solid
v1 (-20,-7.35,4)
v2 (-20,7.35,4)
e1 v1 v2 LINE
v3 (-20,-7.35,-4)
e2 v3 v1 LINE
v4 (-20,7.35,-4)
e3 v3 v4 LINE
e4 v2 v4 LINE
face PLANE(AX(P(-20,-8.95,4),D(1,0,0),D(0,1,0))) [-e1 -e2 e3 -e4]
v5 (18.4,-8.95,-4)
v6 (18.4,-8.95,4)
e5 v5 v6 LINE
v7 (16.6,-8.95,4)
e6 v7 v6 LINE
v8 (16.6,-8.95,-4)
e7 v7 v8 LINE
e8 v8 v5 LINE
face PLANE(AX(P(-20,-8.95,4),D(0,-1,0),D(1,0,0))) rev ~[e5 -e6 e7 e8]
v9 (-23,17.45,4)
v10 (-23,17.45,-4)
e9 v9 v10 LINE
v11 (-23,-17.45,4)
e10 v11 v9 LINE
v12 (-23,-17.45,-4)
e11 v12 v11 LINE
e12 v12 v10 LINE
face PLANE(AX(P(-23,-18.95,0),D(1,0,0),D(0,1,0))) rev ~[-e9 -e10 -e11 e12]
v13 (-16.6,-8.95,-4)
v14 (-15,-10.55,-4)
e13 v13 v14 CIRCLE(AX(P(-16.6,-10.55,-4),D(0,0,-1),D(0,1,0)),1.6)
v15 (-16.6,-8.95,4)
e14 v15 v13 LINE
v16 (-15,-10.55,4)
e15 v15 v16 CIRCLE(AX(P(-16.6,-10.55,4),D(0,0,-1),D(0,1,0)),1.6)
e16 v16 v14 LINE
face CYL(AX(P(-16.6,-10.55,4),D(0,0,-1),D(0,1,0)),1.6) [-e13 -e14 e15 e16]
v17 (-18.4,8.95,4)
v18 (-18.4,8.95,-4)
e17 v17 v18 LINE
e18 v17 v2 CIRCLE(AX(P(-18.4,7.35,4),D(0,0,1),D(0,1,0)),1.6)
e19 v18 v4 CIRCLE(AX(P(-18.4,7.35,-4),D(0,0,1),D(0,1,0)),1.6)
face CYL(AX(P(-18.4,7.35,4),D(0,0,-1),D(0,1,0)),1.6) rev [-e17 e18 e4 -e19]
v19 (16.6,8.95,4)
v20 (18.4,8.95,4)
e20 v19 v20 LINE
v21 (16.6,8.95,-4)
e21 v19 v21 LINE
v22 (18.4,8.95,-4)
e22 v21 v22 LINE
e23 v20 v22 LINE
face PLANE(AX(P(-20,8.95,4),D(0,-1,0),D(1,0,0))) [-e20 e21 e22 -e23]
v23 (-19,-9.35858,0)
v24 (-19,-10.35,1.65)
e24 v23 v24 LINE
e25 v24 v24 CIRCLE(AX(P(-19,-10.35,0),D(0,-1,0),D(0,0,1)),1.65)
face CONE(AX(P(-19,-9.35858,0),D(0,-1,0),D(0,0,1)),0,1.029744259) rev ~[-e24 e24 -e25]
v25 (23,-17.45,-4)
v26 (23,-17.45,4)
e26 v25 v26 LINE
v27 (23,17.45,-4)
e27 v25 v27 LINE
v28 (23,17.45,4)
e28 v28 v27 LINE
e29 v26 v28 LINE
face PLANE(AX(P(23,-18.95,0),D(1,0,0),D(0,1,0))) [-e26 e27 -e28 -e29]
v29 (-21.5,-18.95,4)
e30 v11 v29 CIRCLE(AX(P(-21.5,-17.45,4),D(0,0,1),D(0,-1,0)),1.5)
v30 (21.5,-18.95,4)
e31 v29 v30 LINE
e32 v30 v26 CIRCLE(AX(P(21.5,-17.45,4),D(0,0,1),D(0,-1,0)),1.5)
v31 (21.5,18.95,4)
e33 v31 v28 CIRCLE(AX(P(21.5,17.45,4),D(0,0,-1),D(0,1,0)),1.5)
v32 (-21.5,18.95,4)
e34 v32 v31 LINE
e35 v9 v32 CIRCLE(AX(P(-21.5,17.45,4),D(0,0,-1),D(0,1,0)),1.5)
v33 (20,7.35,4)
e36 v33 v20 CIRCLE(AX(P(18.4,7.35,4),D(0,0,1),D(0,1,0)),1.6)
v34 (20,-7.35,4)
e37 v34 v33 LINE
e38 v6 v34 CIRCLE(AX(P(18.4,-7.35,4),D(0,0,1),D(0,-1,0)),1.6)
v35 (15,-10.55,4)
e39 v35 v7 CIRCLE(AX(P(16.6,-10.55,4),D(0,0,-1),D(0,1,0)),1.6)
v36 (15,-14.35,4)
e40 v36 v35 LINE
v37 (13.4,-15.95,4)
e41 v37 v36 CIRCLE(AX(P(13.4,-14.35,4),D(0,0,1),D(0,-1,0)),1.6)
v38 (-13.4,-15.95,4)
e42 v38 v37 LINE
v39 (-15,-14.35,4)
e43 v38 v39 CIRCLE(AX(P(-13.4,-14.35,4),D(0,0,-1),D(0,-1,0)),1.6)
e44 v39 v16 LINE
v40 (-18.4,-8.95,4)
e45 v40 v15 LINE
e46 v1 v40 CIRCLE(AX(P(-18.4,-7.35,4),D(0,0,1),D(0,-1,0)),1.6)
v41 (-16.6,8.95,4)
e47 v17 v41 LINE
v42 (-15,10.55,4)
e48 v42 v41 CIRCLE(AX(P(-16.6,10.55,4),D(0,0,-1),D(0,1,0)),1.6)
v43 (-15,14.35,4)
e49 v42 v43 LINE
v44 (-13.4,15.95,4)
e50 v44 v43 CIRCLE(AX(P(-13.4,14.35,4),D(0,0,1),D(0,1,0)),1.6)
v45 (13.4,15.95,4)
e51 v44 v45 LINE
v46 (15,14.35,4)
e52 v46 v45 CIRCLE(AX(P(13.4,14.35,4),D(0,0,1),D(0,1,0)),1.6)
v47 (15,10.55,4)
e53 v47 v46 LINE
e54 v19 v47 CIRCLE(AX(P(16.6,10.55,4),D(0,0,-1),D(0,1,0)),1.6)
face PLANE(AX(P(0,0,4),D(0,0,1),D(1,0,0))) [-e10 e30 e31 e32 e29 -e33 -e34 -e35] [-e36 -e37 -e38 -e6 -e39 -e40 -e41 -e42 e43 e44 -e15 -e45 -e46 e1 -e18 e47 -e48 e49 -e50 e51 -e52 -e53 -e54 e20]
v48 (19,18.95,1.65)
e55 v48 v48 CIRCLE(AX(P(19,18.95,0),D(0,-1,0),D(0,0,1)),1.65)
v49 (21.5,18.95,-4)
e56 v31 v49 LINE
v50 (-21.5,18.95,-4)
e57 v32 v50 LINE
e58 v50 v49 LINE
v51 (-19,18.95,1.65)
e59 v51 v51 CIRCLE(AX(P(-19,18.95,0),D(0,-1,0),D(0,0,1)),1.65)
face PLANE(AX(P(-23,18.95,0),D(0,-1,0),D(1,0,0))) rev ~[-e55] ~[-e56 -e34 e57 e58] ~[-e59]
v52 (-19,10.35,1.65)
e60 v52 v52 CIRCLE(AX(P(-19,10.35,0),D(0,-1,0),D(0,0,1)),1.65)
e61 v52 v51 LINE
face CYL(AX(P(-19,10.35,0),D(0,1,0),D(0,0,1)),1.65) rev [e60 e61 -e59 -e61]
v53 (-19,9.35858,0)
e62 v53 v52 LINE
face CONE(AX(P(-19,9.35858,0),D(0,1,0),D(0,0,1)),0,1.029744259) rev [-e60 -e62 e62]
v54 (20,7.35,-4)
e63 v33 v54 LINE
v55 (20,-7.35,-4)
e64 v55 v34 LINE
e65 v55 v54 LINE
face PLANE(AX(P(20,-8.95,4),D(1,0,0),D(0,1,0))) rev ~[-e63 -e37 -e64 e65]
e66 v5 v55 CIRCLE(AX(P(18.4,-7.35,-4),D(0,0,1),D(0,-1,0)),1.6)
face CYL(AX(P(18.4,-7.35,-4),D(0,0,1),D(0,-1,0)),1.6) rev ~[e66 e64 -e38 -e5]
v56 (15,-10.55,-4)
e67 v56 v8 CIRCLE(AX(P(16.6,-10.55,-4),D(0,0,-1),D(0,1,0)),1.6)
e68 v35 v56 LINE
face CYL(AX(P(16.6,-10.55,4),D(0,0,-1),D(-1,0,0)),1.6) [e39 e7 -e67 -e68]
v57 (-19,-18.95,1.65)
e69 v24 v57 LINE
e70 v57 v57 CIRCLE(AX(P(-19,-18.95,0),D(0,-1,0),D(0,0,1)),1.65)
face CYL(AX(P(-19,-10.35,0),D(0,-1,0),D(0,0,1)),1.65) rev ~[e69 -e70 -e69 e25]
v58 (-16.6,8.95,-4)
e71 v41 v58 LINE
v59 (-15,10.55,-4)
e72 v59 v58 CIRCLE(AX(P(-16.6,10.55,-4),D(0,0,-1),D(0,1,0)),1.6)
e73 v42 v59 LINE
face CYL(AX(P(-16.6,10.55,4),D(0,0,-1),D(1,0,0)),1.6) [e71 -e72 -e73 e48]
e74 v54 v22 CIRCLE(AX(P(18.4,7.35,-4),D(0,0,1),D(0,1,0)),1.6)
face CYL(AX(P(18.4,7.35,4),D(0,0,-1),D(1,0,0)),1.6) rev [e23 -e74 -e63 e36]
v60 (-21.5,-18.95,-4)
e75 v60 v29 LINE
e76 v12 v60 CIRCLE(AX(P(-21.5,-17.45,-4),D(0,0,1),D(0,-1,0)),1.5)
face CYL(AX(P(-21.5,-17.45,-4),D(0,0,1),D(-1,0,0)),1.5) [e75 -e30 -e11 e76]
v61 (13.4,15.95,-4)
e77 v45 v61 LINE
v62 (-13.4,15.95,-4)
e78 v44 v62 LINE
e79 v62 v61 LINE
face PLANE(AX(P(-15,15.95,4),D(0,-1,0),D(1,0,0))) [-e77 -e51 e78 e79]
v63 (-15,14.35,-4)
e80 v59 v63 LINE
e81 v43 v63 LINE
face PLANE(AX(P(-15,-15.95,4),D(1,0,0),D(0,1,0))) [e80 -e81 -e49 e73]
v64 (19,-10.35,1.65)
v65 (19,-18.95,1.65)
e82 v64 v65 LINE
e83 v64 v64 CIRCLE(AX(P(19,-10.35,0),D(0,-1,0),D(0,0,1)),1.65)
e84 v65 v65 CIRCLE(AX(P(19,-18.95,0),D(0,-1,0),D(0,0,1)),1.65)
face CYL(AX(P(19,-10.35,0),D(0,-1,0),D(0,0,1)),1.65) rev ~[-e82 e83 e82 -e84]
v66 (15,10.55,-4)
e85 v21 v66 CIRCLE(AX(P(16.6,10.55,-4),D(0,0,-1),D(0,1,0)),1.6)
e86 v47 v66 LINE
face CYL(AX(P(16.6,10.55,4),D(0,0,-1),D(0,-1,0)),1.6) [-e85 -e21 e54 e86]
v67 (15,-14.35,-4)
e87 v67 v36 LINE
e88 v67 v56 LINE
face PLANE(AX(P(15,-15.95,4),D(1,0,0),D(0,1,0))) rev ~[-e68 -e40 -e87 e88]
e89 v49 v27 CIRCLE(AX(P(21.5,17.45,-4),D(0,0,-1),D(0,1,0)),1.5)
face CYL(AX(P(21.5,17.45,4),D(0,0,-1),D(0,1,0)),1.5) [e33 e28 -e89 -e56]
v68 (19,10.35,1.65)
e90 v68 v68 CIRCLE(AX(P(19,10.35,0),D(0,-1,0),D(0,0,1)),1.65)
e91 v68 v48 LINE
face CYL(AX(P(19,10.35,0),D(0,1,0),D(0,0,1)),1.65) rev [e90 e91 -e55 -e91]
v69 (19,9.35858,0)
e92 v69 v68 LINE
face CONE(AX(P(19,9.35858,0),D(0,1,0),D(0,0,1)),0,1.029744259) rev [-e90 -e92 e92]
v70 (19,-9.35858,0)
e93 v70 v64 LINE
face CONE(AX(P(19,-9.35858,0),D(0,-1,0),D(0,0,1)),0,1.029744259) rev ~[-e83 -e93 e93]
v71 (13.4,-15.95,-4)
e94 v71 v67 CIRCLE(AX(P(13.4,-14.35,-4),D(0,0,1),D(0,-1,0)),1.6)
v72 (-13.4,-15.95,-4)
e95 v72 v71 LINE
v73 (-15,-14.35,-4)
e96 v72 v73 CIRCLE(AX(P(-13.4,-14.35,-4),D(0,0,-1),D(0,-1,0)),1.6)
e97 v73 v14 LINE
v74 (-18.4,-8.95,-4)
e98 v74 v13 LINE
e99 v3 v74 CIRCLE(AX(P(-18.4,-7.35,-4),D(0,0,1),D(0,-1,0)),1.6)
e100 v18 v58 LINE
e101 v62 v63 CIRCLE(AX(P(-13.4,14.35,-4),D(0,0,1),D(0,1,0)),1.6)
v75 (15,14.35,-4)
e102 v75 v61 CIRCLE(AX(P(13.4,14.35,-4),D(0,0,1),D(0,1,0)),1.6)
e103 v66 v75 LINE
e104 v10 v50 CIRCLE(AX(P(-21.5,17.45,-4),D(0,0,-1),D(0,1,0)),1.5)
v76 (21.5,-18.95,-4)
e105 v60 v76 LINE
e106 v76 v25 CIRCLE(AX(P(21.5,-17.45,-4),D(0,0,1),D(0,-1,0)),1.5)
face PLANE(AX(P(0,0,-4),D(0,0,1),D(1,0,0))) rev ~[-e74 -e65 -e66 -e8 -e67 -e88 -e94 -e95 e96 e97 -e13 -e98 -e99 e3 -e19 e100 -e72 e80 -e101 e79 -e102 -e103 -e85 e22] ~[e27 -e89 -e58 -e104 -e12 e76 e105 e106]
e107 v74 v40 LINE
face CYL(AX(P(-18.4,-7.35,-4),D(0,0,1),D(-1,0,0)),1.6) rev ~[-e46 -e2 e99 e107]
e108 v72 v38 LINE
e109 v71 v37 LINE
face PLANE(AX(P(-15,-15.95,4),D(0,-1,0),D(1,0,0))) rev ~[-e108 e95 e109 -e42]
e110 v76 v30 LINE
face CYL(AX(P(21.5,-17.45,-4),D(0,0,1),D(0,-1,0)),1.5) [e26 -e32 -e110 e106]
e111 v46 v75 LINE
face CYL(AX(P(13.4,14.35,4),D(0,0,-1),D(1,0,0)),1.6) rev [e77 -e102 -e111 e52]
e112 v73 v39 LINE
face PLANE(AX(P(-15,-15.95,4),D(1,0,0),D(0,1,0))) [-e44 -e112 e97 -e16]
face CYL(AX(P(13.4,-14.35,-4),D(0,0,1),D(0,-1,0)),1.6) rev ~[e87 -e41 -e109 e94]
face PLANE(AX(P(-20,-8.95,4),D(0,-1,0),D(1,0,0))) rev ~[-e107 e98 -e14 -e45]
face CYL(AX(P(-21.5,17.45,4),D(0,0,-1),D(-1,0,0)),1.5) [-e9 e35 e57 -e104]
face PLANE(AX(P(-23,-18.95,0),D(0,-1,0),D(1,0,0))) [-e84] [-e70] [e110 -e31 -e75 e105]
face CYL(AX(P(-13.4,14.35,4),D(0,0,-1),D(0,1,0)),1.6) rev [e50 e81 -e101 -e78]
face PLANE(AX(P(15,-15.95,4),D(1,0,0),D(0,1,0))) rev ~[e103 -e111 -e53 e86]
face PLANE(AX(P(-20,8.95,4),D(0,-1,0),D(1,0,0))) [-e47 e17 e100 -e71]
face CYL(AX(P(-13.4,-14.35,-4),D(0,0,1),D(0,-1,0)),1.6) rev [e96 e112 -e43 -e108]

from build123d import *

# Parameters (mm, degrees)
SKETCH_1_W                  = 46
SKETCH_1_H                  = 37.9
EXTRUDE_1_DEPTH             = 4
HOLE_WIZARD_M4_1_AT_2_COUNT = 2
HOLE_WIZARD_M4_1_AT_2_PITCH = 38
SKETCH_5_W                  = 30
SKETCH_5_H                  = 31.9
CUT_EXTRUDE_1_DEPTH         = 19
SKETCH_6_W                  = 40
SKETCH_6_H                  = 17.9
CUT_EXTRUDE_2_DEPTH         = 34
FILLET_1_R                  = 1.6
FILLET_2_R                  = 1.5


with BuildPart() as part:
    # 草图1 → 凸台-拉伸1 (new, symmetric)
    with BuildSketch(Plane.XY):
        Rectangle(SKETCH_1_W, SKETCH_1_H)
    extrude(amount=EXTRUDE_1_DEPTH, both=True)

    # 草图4 → M4 螺纹孔1 (revolve, cut)
    with BuildSketch(Plane(origin=(-19, 18.95, 0), x_dir=(0, 0, 1), z_dir=(1, 0, 0))):
        Polygon((0, 0), (0, 9.591420021), (1.65, 8.6), (1.65, 0), align=None)
    hole_wizard_m4_1 = revolve(axis=Axis((-19, 25.3, 0), (0, -1, 0)), mode=Mode.SUBTRACT)

    # M4 螺纹孔1 at 2: M4 螺纹孔1 ×2
    with Locations(*[(i * HOLE_WIZARD_M4_1_AT_2_PITCH, 0, 0) for i in range(1, HOLE_WIZARD_M4_1_AT_2_COUNT)]):
        add(hole_wizard_m4_1, mode=Mode.SUBTRACT)

    # 镜向1: M4 螺纹孔1 across plane
    add(hole_wizard_m4_1.mirror(Plane.ZX), mode=Mode.SUBTRACT)

    # 镜向1 copy 1 sketch → 镜向1 copy 1 (revolve, cut)
    with BuildSketch(Plane(origin=(19, -18.95, 0), x_dir=(0, 0, 1), z_dir=(1, 0, 0))):
        Polygon((0, 0), (0, -9.591420021), (1.65, -8.6), (1.65, 0), align=None)
    revolve(axis=Axis((19, -25.3, 0), (0, -1, 0)), mode=Mode.SUBTRACT)

    # 草图5 → 切除-拉伸1 (cut, symmetric)
    with BuildSketch(Plane.XY.offset(4)):
        Rectangle(SKETCH_5_W, SKETCH_5_H)
    extrude(amount=CUT_EXTRUDE_1_DEPTH, both=True, mode=Mode.SUBTRACT)

    # 草图6 → 切除-拉伸2 (cut, symmetric)
    with BuildSketch(Plane.XY.offset(4)):
        Rectangle(SKETCH_6_W, SKETCH_6_H)
    extrude(amount=CUT_EXTRUDE_2_DEPTH, both=True, mode=Mode.SUBTRACT)

    # 圆角1
    fillet_1_edges = [part.edges().sort_by_distance(p)[0] for p in [
        (15, 15.95, 0),
        (15, -15.95, 0),
        (-15, -15.95, 0),
        (-15, 15.95, 0),
        (-15, 8.95, 0),
        (-15, -8.95, 0),
        (20, 8.95, 0),
        (-20, -8.95, 0),
        (20, -8.95, 0),
        (15, -8.95, 0),
        (15, 8.95, 0),
        (-20, 8.95, 0),
    ]]
    fillet(fillet_1_edges, radius=FILLET_1_R)

    # 圆角2
    fillet_2_edges = [part.edges().sort_by_distance(p)[0] for p in [
        (23, -18.95, 0),
        (-23, -18.95, 0),
        (-23, 18.95, 0),
        (23, 18.95, 0),
    ]]
    fillet(fillet_2_edges, radius=FILLET_2_R)


solid = part.part
